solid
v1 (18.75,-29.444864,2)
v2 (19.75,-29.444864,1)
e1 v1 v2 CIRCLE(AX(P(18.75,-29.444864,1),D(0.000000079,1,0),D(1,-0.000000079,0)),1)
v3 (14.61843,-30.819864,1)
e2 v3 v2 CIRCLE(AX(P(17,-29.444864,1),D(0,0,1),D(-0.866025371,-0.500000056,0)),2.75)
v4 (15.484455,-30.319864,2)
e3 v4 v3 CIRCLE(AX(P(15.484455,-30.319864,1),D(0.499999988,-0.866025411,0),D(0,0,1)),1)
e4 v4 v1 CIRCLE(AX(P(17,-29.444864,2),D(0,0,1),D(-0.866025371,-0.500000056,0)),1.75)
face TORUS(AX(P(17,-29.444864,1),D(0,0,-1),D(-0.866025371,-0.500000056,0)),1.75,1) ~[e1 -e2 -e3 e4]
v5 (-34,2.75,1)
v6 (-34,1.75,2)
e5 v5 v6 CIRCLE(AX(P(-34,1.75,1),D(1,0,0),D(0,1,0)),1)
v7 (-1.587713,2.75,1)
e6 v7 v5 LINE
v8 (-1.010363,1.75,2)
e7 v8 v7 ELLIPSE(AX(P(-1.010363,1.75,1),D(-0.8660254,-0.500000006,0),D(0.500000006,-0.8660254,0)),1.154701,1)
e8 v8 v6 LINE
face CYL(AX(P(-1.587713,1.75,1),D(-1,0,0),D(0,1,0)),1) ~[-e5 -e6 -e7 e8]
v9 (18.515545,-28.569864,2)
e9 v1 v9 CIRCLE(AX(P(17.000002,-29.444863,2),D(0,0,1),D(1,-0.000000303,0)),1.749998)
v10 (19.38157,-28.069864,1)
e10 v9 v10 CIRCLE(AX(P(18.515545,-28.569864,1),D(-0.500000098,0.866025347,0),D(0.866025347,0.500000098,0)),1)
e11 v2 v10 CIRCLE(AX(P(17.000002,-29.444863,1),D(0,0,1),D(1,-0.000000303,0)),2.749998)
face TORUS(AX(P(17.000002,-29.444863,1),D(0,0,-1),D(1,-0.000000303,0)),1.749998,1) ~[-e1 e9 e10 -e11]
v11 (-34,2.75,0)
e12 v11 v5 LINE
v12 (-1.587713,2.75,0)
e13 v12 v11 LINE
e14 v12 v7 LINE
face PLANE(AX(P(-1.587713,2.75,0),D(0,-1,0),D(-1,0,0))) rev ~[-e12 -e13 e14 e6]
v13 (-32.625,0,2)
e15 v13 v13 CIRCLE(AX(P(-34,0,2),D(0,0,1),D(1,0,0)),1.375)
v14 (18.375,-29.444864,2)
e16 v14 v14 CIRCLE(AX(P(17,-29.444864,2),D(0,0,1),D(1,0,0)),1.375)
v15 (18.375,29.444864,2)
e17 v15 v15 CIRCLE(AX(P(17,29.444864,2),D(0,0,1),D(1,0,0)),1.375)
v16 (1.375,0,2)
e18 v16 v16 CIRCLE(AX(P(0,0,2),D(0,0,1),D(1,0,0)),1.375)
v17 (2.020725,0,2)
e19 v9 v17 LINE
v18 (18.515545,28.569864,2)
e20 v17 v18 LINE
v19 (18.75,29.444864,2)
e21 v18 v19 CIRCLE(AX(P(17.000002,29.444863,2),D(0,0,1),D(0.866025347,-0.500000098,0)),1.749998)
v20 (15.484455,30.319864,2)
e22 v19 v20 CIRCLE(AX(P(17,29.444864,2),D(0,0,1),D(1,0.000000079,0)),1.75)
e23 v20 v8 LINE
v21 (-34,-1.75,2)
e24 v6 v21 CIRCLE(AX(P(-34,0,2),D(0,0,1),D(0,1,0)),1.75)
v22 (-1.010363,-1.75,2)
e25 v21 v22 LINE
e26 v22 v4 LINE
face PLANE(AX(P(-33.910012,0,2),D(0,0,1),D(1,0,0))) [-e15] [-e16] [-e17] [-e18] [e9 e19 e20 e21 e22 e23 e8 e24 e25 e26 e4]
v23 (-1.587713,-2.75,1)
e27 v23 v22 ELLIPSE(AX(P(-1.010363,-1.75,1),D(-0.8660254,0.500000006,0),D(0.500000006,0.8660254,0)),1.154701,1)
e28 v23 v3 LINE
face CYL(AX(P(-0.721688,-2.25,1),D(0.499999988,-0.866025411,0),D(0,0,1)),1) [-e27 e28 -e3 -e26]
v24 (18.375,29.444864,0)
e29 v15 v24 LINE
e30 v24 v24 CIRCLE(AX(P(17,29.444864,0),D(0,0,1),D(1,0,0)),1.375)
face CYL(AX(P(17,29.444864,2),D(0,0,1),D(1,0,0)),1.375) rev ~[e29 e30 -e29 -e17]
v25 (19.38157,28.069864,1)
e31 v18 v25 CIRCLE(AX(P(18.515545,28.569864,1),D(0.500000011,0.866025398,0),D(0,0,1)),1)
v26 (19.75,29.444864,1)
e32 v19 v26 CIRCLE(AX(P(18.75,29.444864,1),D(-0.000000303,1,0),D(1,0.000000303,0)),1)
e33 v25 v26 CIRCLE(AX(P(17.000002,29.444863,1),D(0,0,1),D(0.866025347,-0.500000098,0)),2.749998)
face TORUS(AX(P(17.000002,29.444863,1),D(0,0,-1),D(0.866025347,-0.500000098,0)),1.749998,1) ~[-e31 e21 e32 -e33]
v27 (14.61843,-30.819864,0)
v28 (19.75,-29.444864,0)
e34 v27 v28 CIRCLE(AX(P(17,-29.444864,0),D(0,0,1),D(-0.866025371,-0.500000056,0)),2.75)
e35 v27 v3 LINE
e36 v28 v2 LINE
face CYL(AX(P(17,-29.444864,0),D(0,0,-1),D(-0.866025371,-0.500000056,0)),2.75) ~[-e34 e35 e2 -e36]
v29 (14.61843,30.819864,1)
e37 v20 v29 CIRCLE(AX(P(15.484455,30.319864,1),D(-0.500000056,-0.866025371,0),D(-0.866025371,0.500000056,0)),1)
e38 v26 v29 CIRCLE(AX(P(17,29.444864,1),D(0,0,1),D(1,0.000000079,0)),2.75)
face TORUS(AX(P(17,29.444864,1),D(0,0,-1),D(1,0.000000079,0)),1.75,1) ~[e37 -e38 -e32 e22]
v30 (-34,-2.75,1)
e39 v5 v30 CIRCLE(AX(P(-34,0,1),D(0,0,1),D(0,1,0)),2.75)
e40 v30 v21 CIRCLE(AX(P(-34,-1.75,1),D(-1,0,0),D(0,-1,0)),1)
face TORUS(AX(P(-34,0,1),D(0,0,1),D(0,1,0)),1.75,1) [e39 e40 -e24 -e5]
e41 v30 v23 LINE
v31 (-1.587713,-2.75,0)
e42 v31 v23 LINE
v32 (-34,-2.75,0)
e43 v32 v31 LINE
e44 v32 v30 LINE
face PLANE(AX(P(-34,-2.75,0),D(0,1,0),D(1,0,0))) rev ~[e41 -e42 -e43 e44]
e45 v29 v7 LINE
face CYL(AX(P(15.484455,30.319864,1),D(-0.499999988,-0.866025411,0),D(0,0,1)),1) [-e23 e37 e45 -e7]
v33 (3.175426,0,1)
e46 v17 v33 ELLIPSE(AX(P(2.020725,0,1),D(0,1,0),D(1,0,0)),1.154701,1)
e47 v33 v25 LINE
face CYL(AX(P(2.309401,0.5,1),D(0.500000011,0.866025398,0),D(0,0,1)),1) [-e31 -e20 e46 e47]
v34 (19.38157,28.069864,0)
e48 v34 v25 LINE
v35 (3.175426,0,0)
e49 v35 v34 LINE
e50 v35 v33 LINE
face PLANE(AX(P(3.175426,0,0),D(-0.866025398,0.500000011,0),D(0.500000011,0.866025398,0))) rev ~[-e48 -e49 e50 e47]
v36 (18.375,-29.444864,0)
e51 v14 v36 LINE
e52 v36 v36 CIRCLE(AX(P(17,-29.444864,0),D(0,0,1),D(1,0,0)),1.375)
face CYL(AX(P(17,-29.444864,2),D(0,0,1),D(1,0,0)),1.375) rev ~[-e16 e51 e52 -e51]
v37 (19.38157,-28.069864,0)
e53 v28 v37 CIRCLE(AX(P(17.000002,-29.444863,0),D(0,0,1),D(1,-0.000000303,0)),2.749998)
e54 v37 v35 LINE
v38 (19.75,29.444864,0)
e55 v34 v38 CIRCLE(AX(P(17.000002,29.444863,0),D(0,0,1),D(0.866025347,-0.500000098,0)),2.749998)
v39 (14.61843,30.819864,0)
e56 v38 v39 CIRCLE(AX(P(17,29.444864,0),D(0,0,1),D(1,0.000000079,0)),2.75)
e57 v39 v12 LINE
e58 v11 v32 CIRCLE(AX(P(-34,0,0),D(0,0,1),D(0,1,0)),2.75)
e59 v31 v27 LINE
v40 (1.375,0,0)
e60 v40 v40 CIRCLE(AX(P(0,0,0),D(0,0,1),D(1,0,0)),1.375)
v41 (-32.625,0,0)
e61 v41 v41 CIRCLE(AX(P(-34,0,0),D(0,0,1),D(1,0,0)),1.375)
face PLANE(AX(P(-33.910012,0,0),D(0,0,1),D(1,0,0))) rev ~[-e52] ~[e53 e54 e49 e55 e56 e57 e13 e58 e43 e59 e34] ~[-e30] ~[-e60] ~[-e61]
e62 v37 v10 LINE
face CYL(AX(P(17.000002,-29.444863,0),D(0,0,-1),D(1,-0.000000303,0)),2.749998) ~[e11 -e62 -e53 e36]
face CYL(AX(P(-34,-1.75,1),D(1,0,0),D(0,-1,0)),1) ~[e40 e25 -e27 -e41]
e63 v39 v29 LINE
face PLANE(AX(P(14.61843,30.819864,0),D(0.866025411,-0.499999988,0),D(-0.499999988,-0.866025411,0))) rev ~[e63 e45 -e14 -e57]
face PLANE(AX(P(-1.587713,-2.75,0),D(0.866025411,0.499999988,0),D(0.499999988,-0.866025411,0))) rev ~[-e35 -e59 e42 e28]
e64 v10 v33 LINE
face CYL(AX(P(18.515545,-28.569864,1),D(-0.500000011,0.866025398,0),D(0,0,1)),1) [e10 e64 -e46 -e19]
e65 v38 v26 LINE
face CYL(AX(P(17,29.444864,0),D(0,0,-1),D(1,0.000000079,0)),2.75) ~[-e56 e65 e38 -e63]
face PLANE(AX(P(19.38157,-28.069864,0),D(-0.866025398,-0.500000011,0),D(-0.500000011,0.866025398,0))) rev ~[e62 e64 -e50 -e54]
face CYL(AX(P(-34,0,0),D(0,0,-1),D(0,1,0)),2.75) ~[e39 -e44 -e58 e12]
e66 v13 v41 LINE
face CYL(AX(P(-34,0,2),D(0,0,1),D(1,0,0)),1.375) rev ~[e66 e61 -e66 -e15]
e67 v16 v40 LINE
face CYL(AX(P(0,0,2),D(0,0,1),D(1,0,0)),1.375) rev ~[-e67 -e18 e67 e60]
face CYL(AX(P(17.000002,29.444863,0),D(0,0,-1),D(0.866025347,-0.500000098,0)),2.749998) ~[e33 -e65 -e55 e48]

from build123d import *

# Parameters (mm, degrees)
F1_DEPTH = 2
F2_R     = 1.375
F3_DEPTH = 2
F4_R     = 1


with BuildPart() as f1:
    # F0 (on Top) → F1 (new body)
    with BuildSketch(Plane.XY):
        with BuildLine():
            ThreePointArc((-34, -2.75), (-32.055456, -1.944544), (-31.25, 0))
            ThreePointArc((-31.25, 0), (-32.055456, 1.944544), (-34, 2.75))
            ThreePointArc((-34, 2.75), (-36.75, 0), (-34, -2.75))
        make_face()
        with BuildLine():
            ThreePointArc((-34, 2.75), (-32.055456, 1.944544), (-31.25, 0))
            ThreePointArc((-31.25, 0), (-32.055456, -1.944544), (-34, -2.75))
            Line((-34, -2.75), (-1.587713, -2.75))
            Line((-1.587713, -2.75), (14.61843, -30.819864))
            ThreePointArc((14.61843, -30.819864), (15.625, -27.063294), (19.38157, -28.069864))
            Line((19.38157, -28.069864), (3.175426, 0))
            Line((3.175426, 0), (19.38157, 28.069864))
            ThreePointArc((19.38157, 28.069864), (15.625, 27.063294), (14.61843, 30.819864))
            Line((14.61843, 30.819864), (-1.587713, 2.75))
            Line((-1.587713, 2.75), (-34, 2.75))
        make_face()
        with BuildLine():
            ThreePointArc((19.75, 29.444864), (17.711752, 32.10116), (14.61843, 30.819864))
            ThreePointArc((14.61843, 30.819864), (15.625, 27.063294), (19.38157, 28.069864))
            ThreePointArc((19.38157, 28.069864), (19.656296, 28.733111), (19.75, 29.444864))
        make_face()
        with BuildLine():
            ThreePointArc((19.38157, -28.069864), (15.625, -27.063294), (14.61843, -30.819864))
            ThreePointArc((14.61843, -30.819864), (17.711752, -32.10116), (19.75, -29.444864))
            ThreePointArc((19.75, -29.444864), (19.656296, -28.733111), (19.38157, -28.069864))
        make_face()
    extrude(amount=F1_DEPTH)

    # F2 (on face) → F3 (cut, through all)
    with BuildSketch(Plane.XY.offset(2)):
        with Locations((-34, 0)):
            Circle(F2_R)
        with Locations((17, 29.444864)):
            Circle(F2_R)
        Circle(F2_R)
        with Locations((17, -29.444864)):
            Circle(F2_R)
    extrude(amount=-F3_DEPTH, mode=Mode.SUBTRACT)

    # F4
    f4_edges = [f1.edges().sort_by_distance(p)[0] for p in [
        (18.375, 31.826434, 2),
        (11.278498, 14.034932, 2),
        (-17.793857, 2.75, 2),
        (6.515358, -16.784932, 2),
    ]]
    fillet(f4_edges, radius=F4_R)


solid = f1.part
